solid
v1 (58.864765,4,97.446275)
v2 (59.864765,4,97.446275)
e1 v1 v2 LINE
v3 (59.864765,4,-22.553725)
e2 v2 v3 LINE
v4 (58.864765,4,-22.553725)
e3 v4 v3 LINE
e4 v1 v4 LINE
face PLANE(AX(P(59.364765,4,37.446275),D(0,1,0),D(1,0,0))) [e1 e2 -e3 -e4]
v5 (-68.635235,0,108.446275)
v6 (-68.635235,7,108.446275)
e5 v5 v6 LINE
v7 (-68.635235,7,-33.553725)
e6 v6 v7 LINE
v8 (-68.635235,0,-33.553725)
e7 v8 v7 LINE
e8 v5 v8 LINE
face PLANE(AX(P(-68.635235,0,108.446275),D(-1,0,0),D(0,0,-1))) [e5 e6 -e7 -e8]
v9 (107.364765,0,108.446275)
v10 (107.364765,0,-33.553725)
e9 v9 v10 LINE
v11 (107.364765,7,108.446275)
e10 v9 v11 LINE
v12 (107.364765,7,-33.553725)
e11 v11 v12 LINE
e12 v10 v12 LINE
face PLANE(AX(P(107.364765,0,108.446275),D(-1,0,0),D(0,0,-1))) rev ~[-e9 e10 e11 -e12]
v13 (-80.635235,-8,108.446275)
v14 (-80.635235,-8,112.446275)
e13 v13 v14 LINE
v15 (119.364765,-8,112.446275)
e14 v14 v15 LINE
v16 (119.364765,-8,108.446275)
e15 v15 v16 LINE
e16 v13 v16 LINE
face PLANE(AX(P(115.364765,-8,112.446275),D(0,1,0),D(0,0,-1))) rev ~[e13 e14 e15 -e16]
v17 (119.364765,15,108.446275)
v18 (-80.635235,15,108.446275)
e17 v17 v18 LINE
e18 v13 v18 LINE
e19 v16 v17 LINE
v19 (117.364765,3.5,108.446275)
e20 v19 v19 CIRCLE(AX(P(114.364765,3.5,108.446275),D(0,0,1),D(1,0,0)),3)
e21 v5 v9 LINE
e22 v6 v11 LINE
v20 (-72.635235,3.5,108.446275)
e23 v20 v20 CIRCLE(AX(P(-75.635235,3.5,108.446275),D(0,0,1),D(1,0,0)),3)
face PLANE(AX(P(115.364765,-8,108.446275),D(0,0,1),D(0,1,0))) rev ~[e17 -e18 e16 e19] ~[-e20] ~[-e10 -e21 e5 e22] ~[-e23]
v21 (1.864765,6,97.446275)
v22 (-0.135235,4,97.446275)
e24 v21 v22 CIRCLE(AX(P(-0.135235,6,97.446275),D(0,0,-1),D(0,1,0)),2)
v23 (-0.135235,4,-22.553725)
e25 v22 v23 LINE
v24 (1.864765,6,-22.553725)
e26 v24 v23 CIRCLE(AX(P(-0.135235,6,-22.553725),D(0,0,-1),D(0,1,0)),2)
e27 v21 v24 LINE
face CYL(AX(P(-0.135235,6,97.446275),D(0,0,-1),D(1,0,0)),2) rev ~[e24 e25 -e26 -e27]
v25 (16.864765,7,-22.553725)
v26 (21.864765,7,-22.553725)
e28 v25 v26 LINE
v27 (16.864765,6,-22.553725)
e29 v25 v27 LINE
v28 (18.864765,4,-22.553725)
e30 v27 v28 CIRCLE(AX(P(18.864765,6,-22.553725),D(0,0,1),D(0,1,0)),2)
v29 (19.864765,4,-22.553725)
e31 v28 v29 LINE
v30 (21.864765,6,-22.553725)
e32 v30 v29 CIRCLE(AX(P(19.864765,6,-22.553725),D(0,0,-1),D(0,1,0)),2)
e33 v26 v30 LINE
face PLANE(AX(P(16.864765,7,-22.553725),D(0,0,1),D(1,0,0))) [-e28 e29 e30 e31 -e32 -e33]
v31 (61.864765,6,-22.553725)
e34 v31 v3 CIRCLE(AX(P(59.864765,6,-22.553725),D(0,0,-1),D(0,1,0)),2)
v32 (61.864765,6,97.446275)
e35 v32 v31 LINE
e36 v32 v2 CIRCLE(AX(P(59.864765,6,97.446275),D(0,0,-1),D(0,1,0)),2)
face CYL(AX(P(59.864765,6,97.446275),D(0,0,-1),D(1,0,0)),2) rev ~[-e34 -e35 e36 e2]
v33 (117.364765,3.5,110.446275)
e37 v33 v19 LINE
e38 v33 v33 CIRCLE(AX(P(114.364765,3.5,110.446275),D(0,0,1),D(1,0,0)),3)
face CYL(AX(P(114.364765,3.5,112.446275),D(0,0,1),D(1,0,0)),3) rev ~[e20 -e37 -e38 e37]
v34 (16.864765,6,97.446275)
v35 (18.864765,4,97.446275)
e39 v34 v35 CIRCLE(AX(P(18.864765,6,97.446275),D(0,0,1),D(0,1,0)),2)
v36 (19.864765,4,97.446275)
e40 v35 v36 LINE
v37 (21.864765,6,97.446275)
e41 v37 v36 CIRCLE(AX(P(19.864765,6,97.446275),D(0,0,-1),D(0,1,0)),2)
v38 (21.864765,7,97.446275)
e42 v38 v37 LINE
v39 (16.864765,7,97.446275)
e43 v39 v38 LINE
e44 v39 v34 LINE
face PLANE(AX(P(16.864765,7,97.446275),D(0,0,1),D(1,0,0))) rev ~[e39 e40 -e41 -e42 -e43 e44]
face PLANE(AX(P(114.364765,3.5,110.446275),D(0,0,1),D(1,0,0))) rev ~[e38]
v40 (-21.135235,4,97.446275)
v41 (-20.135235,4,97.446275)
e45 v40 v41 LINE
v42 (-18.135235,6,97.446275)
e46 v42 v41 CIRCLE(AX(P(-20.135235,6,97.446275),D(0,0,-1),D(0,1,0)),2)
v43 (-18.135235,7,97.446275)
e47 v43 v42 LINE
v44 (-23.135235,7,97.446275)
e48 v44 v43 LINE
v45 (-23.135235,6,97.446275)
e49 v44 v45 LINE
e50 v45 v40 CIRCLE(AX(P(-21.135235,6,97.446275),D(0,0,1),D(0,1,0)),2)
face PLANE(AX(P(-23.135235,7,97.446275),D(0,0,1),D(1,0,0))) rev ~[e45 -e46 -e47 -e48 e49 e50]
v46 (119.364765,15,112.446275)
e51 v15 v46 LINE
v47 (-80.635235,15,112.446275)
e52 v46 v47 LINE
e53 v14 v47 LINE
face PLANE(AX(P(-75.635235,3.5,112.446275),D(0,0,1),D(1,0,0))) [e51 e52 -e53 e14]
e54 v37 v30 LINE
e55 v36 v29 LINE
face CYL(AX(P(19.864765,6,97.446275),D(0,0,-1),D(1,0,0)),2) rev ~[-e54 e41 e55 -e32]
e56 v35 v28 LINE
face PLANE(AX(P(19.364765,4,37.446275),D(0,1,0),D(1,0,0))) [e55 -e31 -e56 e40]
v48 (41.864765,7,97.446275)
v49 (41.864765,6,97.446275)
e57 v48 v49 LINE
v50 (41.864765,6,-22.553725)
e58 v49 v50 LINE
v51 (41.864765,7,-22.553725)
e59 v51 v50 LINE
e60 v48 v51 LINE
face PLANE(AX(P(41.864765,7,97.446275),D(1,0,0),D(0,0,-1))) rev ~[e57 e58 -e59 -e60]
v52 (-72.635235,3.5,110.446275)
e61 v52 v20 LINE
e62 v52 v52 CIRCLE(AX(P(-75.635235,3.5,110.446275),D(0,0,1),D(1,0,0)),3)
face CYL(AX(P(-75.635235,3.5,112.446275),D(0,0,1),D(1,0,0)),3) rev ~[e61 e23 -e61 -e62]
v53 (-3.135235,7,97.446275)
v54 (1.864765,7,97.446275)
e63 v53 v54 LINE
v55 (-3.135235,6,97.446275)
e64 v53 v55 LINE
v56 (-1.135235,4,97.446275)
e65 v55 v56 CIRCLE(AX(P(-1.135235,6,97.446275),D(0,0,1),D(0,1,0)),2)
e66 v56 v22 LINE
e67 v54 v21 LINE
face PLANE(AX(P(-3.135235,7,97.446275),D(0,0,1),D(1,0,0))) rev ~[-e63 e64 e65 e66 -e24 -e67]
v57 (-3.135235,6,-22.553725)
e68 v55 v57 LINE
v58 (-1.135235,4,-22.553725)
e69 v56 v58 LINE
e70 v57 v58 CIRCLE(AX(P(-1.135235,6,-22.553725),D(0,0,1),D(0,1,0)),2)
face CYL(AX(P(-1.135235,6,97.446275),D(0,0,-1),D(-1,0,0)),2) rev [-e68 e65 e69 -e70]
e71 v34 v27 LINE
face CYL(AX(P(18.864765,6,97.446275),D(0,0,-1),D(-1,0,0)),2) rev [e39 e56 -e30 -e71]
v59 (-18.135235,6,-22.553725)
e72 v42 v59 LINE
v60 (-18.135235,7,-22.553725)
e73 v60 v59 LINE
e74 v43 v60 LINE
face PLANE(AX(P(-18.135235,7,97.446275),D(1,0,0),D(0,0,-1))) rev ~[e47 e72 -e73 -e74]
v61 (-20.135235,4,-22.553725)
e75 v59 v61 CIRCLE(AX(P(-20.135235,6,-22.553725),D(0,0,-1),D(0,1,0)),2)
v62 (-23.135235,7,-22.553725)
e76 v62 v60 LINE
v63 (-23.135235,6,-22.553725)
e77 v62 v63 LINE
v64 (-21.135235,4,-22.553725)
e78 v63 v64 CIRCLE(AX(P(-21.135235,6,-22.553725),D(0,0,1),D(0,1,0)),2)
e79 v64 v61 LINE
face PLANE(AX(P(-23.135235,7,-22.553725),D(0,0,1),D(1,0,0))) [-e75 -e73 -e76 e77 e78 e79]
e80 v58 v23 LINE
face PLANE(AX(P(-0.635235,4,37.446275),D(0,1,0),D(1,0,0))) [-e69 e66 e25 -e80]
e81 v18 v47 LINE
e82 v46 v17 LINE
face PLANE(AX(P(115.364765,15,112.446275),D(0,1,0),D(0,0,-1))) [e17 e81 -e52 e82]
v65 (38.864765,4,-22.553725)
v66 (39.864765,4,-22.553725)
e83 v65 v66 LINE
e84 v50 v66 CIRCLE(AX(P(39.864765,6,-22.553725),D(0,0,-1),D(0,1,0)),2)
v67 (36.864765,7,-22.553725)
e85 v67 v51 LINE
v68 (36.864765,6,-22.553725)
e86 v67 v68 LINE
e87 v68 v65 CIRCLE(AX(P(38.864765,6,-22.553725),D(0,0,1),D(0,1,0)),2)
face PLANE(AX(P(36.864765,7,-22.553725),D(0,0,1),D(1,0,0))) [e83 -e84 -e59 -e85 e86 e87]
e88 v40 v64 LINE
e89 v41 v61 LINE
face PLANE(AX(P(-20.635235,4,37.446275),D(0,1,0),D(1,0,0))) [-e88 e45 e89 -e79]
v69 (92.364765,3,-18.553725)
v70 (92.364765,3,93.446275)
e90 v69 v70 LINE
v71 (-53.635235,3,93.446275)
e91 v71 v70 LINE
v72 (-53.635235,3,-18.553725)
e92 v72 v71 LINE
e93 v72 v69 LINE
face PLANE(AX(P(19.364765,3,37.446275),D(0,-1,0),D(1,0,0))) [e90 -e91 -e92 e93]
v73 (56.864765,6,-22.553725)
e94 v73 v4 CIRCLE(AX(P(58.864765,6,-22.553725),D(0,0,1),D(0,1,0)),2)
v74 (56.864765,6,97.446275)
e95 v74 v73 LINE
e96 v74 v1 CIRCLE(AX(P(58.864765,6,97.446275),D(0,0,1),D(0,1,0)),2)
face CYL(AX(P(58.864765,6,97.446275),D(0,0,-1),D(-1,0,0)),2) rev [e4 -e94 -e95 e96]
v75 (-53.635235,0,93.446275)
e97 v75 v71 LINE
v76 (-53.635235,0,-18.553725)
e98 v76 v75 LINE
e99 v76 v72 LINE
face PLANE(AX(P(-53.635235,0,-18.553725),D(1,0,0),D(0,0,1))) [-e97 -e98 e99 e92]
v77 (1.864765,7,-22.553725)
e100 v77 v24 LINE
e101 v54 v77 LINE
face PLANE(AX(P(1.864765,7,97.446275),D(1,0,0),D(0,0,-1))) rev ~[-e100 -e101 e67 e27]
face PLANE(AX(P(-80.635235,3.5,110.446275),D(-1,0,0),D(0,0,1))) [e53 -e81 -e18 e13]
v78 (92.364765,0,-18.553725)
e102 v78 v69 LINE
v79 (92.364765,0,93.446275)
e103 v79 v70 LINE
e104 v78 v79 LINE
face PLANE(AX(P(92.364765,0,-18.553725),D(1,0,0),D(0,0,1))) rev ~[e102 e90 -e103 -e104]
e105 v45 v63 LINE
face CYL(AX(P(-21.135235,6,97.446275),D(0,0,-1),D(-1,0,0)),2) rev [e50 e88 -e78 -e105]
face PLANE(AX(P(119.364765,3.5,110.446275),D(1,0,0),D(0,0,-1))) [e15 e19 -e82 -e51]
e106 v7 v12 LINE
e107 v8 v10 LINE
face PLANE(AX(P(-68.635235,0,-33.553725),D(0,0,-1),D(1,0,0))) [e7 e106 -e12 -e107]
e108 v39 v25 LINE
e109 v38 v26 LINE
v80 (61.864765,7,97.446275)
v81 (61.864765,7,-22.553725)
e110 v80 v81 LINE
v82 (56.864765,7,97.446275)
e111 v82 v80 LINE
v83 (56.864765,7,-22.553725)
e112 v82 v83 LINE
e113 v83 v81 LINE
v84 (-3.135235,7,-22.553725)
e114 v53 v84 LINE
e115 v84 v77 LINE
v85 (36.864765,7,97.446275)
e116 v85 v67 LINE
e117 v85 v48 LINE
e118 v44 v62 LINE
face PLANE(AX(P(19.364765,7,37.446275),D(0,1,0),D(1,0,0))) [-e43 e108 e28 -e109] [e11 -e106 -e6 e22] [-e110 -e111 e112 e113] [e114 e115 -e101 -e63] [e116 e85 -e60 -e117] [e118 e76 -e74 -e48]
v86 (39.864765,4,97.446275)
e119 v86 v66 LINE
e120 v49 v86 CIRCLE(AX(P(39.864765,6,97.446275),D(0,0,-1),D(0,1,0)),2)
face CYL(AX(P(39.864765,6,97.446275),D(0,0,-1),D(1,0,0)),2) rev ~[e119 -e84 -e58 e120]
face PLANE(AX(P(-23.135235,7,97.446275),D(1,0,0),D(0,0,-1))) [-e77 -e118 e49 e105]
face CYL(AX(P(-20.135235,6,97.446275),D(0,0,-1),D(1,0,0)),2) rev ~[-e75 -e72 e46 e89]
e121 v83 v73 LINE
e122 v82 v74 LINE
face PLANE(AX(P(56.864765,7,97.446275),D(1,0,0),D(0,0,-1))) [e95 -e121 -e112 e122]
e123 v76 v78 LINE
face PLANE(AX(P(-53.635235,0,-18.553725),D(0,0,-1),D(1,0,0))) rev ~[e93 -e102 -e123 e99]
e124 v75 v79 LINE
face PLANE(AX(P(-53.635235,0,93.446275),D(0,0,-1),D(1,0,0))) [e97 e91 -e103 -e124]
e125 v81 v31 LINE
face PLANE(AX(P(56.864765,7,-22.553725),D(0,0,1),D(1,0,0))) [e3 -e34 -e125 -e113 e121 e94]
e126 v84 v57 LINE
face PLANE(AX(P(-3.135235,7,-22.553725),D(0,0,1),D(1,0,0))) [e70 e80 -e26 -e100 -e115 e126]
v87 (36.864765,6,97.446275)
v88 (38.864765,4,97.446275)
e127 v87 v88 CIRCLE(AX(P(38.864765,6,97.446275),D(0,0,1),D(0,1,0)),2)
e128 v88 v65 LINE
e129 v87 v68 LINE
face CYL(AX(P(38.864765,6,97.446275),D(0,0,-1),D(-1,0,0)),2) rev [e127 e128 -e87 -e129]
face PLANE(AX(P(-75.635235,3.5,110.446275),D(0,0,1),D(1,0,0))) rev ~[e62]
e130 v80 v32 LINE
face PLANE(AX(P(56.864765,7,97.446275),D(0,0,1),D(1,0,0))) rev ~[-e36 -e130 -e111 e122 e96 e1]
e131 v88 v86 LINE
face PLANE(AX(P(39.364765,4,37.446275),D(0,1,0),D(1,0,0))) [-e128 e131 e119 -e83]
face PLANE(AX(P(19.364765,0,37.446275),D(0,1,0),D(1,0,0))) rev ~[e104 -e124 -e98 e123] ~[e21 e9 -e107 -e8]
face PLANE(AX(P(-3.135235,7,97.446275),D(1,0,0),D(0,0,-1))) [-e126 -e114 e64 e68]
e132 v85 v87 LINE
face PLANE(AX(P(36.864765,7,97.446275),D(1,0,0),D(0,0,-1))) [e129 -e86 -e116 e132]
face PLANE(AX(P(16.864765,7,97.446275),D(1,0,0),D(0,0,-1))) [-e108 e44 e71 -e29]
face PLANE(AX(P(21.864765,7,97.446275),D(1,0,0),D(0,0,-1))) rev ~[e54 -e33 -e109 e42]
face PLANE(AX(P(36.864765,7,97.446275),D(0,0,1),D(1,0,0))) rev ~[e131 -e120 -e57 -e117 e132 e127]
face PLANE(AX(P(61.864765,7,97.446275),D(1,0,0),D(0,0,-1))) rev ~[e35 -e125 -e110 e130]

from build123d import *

# Parameters (mm, degrees)
SKETCH1_W           = 176
SKETCH1_H           = 142
BOSS_EXTRUDE1_DEPTH = 7
SKETCH2_W           = 192
SKETCH2_H           = 23
BOSS_EXTRUDE2_DEPTH = 4
SKETCH3_W           = 146
SKETCH3_H           = 112
CUT_EXTRUDE1_DEPTH  = 3
SKETCH4_W           = 5
SKETCH4_H           = 120
CUT_EXTRUDE2_DEPTH  = 3
FILLET1_R           = 2
SKETCH6_W           = 4
SKETCH6_H           = 23
BOSS_EXTRUDE3_DEPTH = 4
SKETCH7_W           = 4
SKETCH7_H           = 23
BOSS_EXTRUDE4_DEPTH = 4
SKETCH5_R           = 3
CUT_EXTRUDE3_DEPTH  = 190.179668735
SKETCH8_R           = 3
BOSS_EXTRUDE5_DEPTH = 2


with BuildPart() as part:
    # Sketch1 → Boss-Extrude1 (new body)
    with BuildSketch(Plane(origin=(0, 0, 0), x_dir=(1, 0, 0), z_dir=(0, 1, 0))):
        with Locations((19.364764745, -37.446274738)):
            Rectangle(SKETCH1_W, SKETCH1_H)
    extrude(amount=BOSS_EXTRUDE1_DEPTH)

    # Sketch2 → Boss-Extrude2 (add)
    with BuildSketch(Plane.XY.offset(108.446274738)):
        with Locations((19.364764745, 3.5)):
            Rectangle(SKETCH2_W, SKETCH2_H)
    extrude(amount=BOSS_EXTRUDE2_DEPTH)

    # Sketch3 → Cut-Extrude1 (cut)
    with BuildSketch(Plane.XZ):
        with Locations((19.364764745, 37.446274738)):
            Rectangle(SKETCH3_W, SKETCH3_H)
    extrude(amount=-CUT_EXTRUDE1_DEPTH, mode=Mode.SUBTRACT)

    # Sketch4 → Cut-Extrude2 (cut)
    with BuildSketch(Plane(origin=(0, 7, 0), x_dir=(1, 0, 0), z_dir=(0, 1, 0))):
        with Locations((19.364764745, -37.446274738)):
            Rectangle(SKETCH4_W, SKETCH4_H)
        with Locations((39.364764745, -37.446274738)):
            Rectangle(SKETCH4_W, SKETCH4_H)
        with Locations((-0.635235255, -37.446274738)):
            Rectangle(SKETCH4_W, SKETCH4_H)
        with Locations((59.364764745, -37.446274738)):
            Rectangle(SKETCH4_W, SKETCH4_H)
        with Locations((-20.635235255, -37.446274738)):
            Rectangle(SKETCH4_W, SKETCH4_H)
    extrude(amount=-CUT_EXTRUDE2_DEPTH, mode=Mode.SUBTRACT)

    # Fillet1
    fillet1_edges = [part.edges().sort_by_distance(p)[0] for p in [
        (41.864764745, 4, 37.446274738),
        (36.864764745, 4, 37.446274738),
        (-3.135235255, 4, 37.446274738),
        (1.864764745, 4, 37.446274738),
        (61.864764745, 4, 37.446274738),
        (56.864764745, 4, 37.446274738),
        (-23.135235255, 4, 37.446274738),
        (-18.135235255, 4, 37.446274738),
        (21.864764745, 4, 37.446274738),
        (16.864764745, 4, 37.446274738),
    ]]
    fillet(fillet1_edges, radius=FILLET1_R)

    # Sketch6 → Boss-Extrude3 (add)
    with BuildSketch(Plane.ZY.offset(76.635235255)):
        with Locations((110.446274738, 3.5)):
            Rectangle(SKETCH6_W, SKETCH6_H)
    extrude(amount=BOSS_EXTRUDE3_DEPTH)

    # Sketch7 → Boss-Extrude4 (add)
    with BuildSketch(Plane(origin=(115.364764745, 0, 0), x_dir=(0, 0, -1), z_dir=(1, 0, 0))):
        with Locations((-110.446274738, 3.5)):
            Rectangle(SKETCH7_W, SKETCH7_H)
    extrude(amount=BOSS_EXTRUDE4_DEPTH)

    # Sketch5 → Cut-Extrude3 (cut, through all)
    with BuildSketch(Plane.XY.offset(112.446274738)):
        with Locations((-75.635235255, 3.5)):
            Circle(SKETCH5_R)
        with Locations((114.364764745, 3.5)):
            Circle(SKETCH5_R)
    extrude(amount=-CUT_EXTRUDE3_DEPTH, mode=Mode.SUBTRACT)

    # Sketch8 → Boss-Extrude5 (add)
    with BuildSketch(Plane.XY.offset(112.446274738)):
        with Locations((-75.635235255, 3.5)):
            Circle(SKETCH8_R)
        with Locations((114.364764745, 3.5)):
            Circle(SKETCH8_R)
    extrude(amount=-BOSS_EXTRUDE5_DEPTH)


solid = part.part
